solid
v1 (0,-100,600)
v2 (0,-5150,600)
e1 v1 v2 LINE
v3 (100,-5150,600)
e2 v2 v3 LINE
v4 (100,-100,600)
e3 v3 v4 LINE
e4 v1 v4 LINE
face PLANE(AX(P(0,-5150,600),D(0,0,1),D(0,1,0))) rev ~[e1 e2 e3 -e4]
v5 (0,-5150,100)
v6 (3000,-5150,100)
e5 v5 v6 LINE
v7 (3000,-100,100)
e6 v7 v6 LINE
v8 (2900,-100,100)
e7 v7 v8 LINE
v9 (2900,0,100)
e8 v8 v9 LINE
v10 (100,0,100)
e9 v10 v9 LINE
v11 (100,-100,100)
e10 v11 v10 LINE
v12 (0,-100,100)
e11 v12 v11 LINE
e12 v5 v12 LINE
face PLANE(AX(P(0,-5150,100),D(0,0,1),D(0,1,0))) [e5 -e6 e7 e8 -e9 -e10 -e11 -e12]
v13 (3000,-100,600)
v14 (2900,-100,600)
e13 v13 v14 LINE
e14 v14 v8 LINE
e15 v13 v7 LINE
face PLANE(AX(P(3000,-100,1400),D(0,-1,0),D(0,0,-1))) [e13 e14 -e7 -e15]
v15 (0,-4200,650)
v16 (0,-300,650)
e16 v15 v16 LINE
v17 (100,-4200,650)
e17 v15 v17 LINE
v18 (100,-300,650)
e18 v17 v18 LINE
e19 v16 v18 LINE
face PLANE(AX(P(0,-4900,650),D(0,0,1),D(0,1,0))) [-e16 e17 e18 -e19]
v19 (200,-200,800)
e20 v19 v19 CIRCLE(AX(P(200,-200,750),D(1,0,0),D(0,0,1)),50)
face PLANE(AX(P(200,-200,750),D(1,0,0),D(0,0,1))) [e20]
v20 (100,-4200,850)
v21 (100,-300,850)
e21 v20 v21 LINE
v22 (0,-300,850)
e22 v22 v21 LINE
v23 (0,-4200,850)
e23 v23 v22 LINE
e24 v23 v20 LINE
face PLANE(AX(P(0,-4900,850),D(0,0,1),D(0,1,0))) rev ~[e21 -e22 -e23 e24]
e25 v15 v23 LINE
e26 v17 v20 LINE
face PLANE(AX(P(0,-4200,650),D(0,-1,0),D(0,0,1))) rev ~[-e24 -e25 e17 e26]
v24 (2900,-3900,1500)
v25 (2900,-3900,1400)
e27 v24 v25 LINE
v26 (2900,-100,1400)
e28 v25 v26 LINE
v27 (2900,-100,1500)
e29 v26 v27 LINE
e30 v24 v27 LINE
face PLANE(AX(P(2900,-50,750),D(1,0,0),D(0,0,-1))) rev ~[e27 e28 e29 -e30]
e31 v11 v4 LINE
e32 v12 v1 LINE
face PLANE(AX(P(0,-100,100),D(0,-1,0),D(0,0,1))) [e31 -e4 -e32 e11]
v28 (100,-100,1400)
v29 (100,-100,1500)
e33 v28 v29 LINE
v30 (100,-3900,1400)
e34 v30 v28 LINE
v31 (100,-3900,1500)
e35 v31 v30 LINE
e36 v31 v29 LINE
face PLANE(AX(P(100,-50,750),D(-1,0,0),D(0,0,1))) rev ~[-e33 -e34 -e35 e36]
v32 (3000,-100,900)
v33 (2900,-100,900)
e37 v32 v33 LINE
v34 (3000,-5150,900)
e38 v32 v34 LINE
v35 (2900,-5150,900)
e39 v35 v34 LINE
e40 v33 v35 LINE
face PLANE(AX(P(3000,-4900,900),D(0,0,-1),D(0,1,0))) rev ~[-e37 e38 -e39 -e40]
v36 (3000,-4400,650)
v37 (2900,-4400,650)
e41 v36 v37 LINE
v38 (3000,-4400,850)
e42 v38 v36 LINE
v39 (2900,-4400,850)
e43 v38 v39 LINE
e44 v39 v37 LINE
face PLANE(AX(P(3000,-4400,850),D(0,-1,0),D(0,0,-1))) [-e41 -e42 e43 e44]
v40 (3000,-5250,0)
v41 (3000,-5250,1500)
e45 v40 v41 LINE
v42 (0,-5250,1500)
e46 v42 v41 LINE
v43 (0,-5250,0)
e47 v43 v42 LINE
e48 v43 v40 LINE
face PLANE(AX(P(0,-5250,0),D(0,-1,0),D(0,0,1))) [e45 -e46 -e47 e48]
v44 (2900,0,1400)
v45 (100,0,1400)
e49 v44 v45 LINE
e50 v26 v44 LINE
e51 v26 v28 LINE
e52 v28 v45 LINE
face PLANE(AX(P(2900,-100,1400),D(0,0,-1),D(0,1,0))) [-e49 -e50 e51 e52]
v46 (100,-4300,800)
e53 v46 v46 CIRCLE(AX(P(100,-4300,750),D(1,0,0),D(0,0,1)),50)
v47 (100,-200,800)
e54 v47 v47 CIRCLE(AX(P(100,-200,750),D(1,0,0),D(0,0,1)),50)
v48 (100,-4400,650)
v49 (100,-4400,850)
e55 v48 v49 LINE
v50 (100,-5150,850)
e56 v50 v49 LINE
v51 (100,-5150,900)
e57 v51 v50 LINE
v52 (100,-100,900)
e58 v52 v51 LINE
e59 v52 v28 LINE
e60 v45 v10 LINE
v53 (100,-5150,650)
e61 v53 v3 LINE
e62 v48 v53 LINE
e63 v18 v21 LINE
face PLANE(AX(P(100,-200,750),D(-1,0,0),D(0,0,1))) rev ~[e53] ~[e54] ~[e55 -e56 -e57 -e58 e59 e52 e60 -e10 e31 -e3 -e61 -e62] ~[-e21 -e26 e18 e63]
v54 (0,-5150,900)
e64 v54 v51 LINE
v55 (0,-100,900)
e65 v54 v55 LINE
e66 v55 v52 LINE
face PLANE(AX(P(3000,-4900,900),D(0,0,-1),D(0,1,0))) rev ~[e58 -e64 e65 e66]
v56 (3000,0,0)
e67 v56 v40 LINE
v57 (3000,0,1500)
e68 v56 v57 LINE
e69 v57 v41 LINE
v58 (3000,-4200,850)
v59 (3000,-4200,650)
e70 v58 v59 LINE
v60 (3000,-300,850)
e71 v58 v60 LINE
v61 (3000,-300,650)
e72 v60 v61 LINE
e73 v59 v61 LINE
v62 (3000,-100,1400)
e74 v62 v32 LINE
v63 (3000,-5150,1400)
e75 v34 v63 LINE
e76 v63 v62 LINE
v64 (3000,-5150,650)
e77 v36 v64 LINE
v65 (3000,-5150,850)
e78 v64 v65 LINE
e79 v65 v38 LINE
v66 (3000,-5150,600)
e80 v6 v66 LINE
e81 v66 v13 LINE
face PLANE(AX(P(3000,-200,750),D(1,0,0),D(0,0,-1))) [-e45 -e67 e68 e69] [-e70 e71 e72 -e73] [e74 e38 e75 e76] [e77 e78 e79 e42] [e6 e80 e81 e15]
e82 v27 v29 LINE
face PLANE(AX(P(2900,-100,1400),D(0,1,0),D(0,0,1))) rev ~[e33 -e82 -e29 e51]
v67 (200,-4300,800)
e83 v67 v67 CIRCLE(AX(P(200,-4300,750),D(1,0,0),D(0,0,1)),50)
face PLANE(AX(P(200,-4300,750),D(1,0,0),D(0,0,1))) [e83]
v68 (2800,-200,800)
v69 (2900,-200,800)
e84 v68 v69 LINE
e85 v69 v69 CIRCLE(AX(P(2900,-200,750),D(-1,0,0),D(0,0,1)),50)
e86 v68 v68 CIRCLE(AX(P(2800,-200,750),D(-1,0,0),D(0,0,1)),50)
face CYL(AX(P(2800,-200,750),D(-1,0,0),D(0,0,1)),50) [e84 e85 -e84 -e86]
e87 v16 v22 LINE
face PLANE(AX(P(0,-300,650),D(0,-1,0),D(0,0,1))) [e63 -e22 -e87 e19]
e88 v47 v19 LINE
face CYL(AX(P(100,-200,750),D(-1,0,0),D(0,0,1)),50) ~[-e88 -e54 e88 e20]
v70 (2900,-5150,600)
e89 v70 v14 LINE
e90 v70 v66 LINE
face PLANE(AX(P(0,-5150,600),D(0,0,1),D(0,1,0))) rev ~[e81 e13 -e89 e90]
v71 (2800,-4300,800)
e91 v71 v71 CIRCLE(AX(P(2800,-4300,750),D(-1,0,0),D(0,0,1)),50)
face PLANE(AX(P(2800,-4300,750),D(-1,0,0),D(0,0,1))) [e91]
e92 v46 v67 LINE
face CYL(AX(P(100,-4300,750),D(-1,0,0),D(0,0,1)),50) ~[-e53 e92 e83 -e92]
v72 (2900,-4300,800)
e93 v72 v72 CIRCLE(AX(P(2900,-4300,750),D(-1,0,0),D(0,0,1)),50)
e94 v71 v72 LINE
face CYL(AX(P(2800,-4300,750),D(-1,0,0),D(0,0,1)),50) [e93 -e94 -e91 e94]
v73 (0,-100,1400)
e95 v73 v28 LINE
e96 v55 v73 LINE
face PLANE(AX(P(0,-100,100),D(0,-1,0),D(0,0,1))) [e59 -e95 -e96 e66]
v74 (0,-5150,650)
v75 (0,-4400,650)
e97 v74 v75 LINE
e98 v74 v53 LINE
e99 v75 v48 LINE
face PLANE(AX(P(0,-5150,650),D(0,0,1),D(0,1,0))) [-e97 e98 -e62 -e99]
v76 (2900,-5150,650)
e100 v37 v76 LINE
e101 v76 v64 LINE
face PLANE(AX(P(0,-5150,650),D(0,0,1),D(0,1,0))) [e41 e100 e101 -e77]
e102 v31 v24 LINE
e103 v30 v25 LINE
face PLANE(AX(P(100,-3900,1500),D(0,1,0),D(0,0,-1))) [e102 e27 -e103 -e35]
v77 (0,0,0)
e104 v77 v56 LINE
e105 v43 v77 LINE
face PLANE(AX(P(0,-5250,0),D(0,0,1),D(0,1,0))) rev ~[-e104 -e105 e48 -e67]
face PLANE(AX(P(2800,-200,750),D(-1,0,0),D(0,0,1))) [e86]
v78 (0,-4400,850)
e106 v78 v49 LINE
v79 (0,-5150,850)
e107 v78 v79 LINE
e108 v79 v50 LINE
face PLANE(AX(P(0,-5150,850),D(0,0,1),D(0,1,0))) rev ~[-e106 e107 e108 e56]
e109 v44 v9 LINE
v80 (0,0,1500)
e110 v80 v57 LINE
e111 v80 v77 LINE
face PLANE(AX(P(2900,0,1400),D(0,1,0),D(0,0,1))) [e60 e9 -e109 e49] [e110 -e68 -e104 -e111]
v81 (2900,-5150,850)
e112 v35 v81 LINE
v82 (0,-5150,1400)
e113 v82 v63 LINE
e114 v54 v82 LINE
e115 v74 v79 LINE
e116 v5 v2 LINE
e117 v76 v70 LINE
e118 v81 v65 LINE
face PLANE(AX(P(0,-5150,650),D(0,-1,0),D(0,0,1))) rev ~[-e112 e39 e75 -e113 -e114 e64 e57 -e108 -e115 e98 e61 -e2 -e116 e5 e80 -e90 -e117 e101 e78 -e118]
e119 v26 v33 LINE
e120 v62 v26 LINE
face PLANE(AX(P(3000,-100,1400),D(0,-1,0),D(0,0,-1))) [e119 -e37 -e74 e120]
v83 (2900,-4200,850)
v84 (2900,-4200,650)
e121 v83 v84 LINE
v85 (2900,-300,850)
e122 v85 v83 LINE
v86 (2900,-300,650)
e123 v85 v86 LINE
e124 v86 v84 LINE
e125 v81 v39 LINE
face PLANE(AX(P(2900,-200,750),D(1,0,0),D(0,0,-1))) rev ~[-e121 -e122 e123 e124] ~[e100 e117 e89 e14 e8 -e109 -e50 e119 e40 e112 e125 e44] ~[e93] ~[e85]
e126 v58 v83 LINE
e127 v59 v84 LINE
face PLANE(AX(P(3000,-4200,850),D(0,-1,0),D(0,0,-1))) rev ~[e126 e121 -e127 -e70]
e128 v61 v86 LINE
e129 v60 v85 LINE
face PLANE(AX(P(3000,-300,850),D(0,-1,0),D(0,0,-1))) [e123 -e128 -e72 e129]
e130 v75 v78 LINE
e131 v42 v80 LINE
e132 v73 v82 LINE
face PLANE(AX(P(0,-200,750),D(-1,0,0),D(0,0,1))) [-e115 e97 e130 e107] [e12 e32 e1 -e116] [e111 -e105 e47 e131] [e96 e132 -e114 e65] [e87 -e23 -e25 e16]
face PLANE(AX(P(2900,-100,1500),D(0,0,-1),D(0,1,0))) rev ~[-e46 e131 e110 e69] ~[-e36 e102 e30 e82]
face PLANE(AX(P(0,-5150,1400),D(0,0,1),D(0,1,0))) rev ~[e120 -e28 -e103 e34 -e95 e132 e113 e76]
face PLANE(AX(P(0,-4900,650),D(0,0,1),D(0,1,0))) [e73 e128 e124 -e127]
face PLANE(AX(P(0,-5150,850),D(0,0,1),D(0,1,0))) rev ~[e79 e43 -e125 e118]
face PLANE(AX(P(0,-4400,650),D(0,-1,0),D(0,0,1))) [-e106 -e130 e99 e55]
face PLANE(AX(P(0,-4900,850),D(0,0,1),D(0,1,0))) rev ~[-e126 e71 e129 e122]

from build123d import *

# Parameters (mm, degrees)
SKETCH1_W            = 3000
SKETCH1_H            = 5000
BOSS_EXTRUDE1_DEPTH  = 100
SKETCH2_W            = 3000
SKETCH2_H            = 100
BOSS_EXTRUDE2_DEPTH  = 1400
SKETCH3_W            = 100
SKETCH3_H            = 100
BOSS_EXTRUDE3_DEPTH  = 4900
SKETCH4_W            = 100
SKETCH4_H            = 100
BOSS_EXTRUDE4_DEPTH  = 4900
SKETCH6_W            = 100
SKETCH6_H            = 1000
BOSS_EXTRUDE5_DEPTH  = 2800
SKETCH22_W           = 300
SKETCH22_H           = 4900
BOSS_EXTRUDE17_DEPTH = 100
SKETCH23_W           = 300
SKETCH23_H           = 4900
BOSS_EXTRUDE18_DEPTH = 100
SKETCH24_W           = 200
SKETCH24_H           = 4900
CUT_EXTRUDE1_DEPTH   = 6021.797289396
SKETCH25_W           = 200
SKETCH25_H           = 200
BOSS_EXTRUDE19_DEPTH = 100
SKETCH26_W           = 200
SKETCH26_H           = 200
BOSS_EXTRUDE20_DEPTH = 100
SKETCH31_W           = 1300
SKETCH31_H           = 100
BOSS_EXTRUDE23_DEPTH = 100
SKETCH33_W           = 1300
SKETCH33_H           = 100
BOSS_EXTRUDE24_DEPTH = 100
SKETCH43_W           = 1500
SKETCH43_H           = 250
BOSS_EXTRUDE32_DEPTH = 3000
SKETCH44_W           = 500
SKETCH44_H           = 250
CUT_EXTRUDE2_DEPTH   = 6230.967897189
SKETCH45_W           = 500
SKETCH45_H           = 250
CUT_EXTRUDE3_DEPTH   = 3000
SKETCH46_W           = 200
SKETCH46_H           = 250
CUT_EXTRUDE4_DEPTH   = 3000
SKETCH49_W           = 2800
SKETCH49_H           = 300
CUT_EXTRUDE5_DEPTH   = 250
SKETCH34_W           = 100
SKETCH34_H           = 100
BOSS_EXTRUDE25_DEPTH = 2800
SKETCH36_W           = 200
SKETCH36_H           = 200
BOSS_EXTRUDE26_DEPTH = 100
SKETCH37_W           = 200
SKETCH37_H           = 200
BOSS_EXTRUDE27_DEPTH = 100
SKETCH38_R           = 50
BOSS_EXTRUDE28_DEPTH = 100
SKETCH39_R           = 50
BOSS_EXTRUDE29_DEPTH = 100
BOSS_EXTRUDE30_START = 100
SKETCH40_R           = 50
BOSS_EXTRUDE30_DEPTH = 100
BOSS_EXTRUDE31_START = 100
SKETCH42_R           = 50
BOSS_EXTRUDE31_DEPTH = 100


with BuildPart() as part:
    # Sketch1 → Boss-Extrude1 (new body)
    with BuildSketch(Plane.XY):
        with Locations((1500, -2500)):
            Rectangle(SKETCH1_W, SKETCH1_H)
    extrude(amount=BOSS_EXTRUDE1_DEPTH)

    # Sketch2 → Boss-Extrude2 (add)
    with BuildSketch(Plane.XY.offset(100)):
        with Locations((1500, -4950)):
            Rectangle(SKETCH2_W, SKETCH2_H)
    extrude(amount=BOSS_EXTRUDE2_DEPTH)

    # Sketch3 → Boss-Extrude3 (add)
    with BuildSketch(Plane(origin=(0, -4900, 0), x_dir=(1, 0, 0), z_dir=(0, 1, 0))):
        with Locations((50, -1450)):
            Rectangle(SKETCH3_W, SKETCH3_H)
    extrude(amount=BOSS_EXTRUDE3_DEPTH)

    # Sketch4 → Boss-Extrude4 (add)
    with BuildSketch(Plane(origin=(0, -4900, 0), x_dir=(1, 0, 0), z_dir=(0, 1, 0))):
        with Locations((2950, -1450)):
            Rectangle(SKETCH4_W, SKETCH4_H)
    extrude(amount=BOSS_EXTRUDE4_DEPTH)

    # Sketch6 → Boss-Extrude5 (add)
    with BuildSketch(Plane(origin=(100, 0, 0), x_dir=(0, 0, -1), z_dir=(1, 0, 0))):
        with Locations((-1450, -4400)):
            Rectangle(SKETCH6_W, SKETCH6_H)
    extrude(amount=BOSS_EXTRUDE5_DEPTH)

    # Sketch22 → Boss-Extrude17 (add)
    with BuildSketch(Plane(origin=(3000, 0, 0), x_dir=(0, 0, -1), z_dir=(1, 0, 0))):
        with Locations((-750, -2450)):
            Rectangle(SKETCH22_W, SKETCH22_H)
    extrude(amount=-BOSS_EXTRUDE17_DEPTH)

    # Sketch23 → Boss-Extrude18 (add)
    with BuildSketch(Plane.ZY):
        with Locations((750, -2450)):
            Rectangle(SKETCH23_W, SKETCH23_H)
    extrude(amount=-BOSS_EXTRUDE18_DEPTH)

    # Sketch24 → Cut-Extrude1 (cut, through all)
    with BuildSketch(Plane.ZY):
        with Locations((750, -2450)):
            Rectangle(SKETCH24_W, SKETCH24_H)
    extrude(amount=-CUT_EXTRUDE1_DEPTH, mode=Mode.SUBTRACT)

    # Sketch25 → Boss-Extrude19 (add)
    with BuildSketch(Plane.ZY):
        with Locations((750, -4300)):
            Rectangle(SKETCH25_W, SKETCH25_H)
    extrude(amount=-BOSS_EXTRUDE19_DEPTH)

    # Sketch26 → Boss-Extrude20 (add)
    with BuildSketch(Plane(origin=(3000, 0, 0), x_dir=(0, 0, -1), z_dir=(1, 0, 0))):
        with Locations((-750, -4300)):
            Rectangle(SKETCH26_W, SKETCH26_H)
    extrude(amount=-BOSS_EXTRUDE20_DEPTH)

    # Sketch31 → Boss-Extrude23 (add)
    with BuildSketch(Plane(origin=(3000, 0, 0), x_dir=(0, 0, -1), z_dir=(1, 0, 0))):
        with Locations((-750, -50)):
            Rectangle(SKETCH31_W, SKETCH31_H)
    extrude(amount=-BOSS_EXTRUDE23_DEPTH)

    # Sketch33 → Boss-Extrude24 (add)
    with BuildSketch(Plane.ZY):
        with Locations((750, -50)):
            Rectangle(SKETCH33_W, SKETCH33_H)
    extrude(amount=-BOSS_EXTRUDE24_DEPTH)

    # Sketch43 → Boss-Extrude32 (add)
    with BuildSketch(Plane.ZY):
        with Locations((750, -5125)):
            Rectangle(SKETCH43_W, SKETCH43_H)
    extrude(amount=-BOSS_EXTRUDE32_DEPTH)

    # Sketch44 → Cut-Extrude2 (cut, through all)
    with BuildSketch(Plane.ZY):
        with Locations((350, -5025)):
            Rectangle(SKETCH44_W, SKETCH44_H)
    extrude(amount=-CUT_EXTRUDE2_DEPTH, mode=Mode.SUBTRACT)

    # Sketch45 → Cut-Extrude3 (cut)
    with BuildSketch(Plane.ZY):
        with Locations((1150, -5025)):
            Rectangle(SKETCH45_W, SKETCH45_H)
    extrude(amount=-CUT_EXTRUDE3_DEPTH, mode=Mode.SUBTRACT)

    # Sketch46 → Cut-Extrude4 (cut)
    with BuildSketch(Plane.ZY):
        with Locations((750, -5025)):
            Rectangle(SKETCH46_W, SKETCH46_H)
    extrude(amount=-CUT_EXTRUDE4_DEPTH, mode=Mode.SUBTRACT)

    # Sketch49 → Cut-Extrude5 (cut)
    with BuildSketch(Plane(origin=(0, -4900, 0), x_dir=(1, 0, 0), z_dir=(0, 1, 0))):
        with Locations((1500, -750)):
            Rectangle(SKETCH49_W, SKETCH49_H)
    extrude(amount=-CUT_EXTRUDE5_DEPTH, mode=Mode.SUBTRACT)

    # Sketch34 → Boss-Extrude25 (add)
    with BuildSketch(Plane.ZY.offset(-2900)):
        with Locations((1450, -50)):
            Rectangle(SKETCH34_W, SKETCH34_H)
    extrude(amount=BOSS_EXTRUDE25_DEPTH)

    # Sketch36 → Boss-Extrude26 (add)
    with BuildSketch(Plane.ZY):
        with Locations((750, -200)):
            Rectangle(SKETCH36_W, SKETCH36_H)
    extrude(amount=-BOSS_EXTRUDE26_DEPTH)

    # Sketch37 → Boss-Extrude27 (add)
    with BuildSketch(Plane(origin=(3000, 0, 0), x_dir=(0, 0, -1), z_dir=(1, 0, 0))):
        with Locations((-750, -200)):
            Rectangle(SKETCH37_W, SKETCH37_H)
    extrude(amount=-BOSS_EXTRUDE27_DEPTH)

    # Sketch38 → Boss-Extrude28 (add)
    with BuildSketch(Plane(origin=(100, 0, 0), x_dir=(0, 0, -1), z_dir=(1, 0, 0))):
        with Locations(Location((-750, -4300, 0), (0, 0, 180))):
            Circle(SKETCH38_R)
    extrude(amount=BOSS_EXTRUDE28_DEPTH)

    # Sketch39 → Boss-Extrude29 (add)
    with BuildSketch(Plane(origin=(100, 0, 0), x_dir=(0, 0, -1), z_dir=(1, 0, 0))):
        with Locations(Location((-750, -200, 0), (0, 0, 180))):
            Circle(SKETCH39_R)
    extrude(amount=BOSS_EXTRUDE29_DEPTH)

    # Sketch40 → Boss-Extrude30 (add)
    with BuildSketch(Plane.ZY.offset(-2900).offset(BOSS_EXTRUDE30_START)):
        with Locations((750, -200)):
            Circle(SKETCH40_R)
    extrude(amount=-BOSS_EXTRUDE30_DEPTH)

    # Sketch42 → Boss-Extrude31 (add)
    with BuildSketch(Plane.ZY.offset(-2900).offset(BOSS_EXTRUDE31_START)):
        with Locations((750, -4300)):
            Circle(SKETCH42_R)
    extrude(amount=-BOSS_EXTRUDE31_DEPTH)


solid = part.part
